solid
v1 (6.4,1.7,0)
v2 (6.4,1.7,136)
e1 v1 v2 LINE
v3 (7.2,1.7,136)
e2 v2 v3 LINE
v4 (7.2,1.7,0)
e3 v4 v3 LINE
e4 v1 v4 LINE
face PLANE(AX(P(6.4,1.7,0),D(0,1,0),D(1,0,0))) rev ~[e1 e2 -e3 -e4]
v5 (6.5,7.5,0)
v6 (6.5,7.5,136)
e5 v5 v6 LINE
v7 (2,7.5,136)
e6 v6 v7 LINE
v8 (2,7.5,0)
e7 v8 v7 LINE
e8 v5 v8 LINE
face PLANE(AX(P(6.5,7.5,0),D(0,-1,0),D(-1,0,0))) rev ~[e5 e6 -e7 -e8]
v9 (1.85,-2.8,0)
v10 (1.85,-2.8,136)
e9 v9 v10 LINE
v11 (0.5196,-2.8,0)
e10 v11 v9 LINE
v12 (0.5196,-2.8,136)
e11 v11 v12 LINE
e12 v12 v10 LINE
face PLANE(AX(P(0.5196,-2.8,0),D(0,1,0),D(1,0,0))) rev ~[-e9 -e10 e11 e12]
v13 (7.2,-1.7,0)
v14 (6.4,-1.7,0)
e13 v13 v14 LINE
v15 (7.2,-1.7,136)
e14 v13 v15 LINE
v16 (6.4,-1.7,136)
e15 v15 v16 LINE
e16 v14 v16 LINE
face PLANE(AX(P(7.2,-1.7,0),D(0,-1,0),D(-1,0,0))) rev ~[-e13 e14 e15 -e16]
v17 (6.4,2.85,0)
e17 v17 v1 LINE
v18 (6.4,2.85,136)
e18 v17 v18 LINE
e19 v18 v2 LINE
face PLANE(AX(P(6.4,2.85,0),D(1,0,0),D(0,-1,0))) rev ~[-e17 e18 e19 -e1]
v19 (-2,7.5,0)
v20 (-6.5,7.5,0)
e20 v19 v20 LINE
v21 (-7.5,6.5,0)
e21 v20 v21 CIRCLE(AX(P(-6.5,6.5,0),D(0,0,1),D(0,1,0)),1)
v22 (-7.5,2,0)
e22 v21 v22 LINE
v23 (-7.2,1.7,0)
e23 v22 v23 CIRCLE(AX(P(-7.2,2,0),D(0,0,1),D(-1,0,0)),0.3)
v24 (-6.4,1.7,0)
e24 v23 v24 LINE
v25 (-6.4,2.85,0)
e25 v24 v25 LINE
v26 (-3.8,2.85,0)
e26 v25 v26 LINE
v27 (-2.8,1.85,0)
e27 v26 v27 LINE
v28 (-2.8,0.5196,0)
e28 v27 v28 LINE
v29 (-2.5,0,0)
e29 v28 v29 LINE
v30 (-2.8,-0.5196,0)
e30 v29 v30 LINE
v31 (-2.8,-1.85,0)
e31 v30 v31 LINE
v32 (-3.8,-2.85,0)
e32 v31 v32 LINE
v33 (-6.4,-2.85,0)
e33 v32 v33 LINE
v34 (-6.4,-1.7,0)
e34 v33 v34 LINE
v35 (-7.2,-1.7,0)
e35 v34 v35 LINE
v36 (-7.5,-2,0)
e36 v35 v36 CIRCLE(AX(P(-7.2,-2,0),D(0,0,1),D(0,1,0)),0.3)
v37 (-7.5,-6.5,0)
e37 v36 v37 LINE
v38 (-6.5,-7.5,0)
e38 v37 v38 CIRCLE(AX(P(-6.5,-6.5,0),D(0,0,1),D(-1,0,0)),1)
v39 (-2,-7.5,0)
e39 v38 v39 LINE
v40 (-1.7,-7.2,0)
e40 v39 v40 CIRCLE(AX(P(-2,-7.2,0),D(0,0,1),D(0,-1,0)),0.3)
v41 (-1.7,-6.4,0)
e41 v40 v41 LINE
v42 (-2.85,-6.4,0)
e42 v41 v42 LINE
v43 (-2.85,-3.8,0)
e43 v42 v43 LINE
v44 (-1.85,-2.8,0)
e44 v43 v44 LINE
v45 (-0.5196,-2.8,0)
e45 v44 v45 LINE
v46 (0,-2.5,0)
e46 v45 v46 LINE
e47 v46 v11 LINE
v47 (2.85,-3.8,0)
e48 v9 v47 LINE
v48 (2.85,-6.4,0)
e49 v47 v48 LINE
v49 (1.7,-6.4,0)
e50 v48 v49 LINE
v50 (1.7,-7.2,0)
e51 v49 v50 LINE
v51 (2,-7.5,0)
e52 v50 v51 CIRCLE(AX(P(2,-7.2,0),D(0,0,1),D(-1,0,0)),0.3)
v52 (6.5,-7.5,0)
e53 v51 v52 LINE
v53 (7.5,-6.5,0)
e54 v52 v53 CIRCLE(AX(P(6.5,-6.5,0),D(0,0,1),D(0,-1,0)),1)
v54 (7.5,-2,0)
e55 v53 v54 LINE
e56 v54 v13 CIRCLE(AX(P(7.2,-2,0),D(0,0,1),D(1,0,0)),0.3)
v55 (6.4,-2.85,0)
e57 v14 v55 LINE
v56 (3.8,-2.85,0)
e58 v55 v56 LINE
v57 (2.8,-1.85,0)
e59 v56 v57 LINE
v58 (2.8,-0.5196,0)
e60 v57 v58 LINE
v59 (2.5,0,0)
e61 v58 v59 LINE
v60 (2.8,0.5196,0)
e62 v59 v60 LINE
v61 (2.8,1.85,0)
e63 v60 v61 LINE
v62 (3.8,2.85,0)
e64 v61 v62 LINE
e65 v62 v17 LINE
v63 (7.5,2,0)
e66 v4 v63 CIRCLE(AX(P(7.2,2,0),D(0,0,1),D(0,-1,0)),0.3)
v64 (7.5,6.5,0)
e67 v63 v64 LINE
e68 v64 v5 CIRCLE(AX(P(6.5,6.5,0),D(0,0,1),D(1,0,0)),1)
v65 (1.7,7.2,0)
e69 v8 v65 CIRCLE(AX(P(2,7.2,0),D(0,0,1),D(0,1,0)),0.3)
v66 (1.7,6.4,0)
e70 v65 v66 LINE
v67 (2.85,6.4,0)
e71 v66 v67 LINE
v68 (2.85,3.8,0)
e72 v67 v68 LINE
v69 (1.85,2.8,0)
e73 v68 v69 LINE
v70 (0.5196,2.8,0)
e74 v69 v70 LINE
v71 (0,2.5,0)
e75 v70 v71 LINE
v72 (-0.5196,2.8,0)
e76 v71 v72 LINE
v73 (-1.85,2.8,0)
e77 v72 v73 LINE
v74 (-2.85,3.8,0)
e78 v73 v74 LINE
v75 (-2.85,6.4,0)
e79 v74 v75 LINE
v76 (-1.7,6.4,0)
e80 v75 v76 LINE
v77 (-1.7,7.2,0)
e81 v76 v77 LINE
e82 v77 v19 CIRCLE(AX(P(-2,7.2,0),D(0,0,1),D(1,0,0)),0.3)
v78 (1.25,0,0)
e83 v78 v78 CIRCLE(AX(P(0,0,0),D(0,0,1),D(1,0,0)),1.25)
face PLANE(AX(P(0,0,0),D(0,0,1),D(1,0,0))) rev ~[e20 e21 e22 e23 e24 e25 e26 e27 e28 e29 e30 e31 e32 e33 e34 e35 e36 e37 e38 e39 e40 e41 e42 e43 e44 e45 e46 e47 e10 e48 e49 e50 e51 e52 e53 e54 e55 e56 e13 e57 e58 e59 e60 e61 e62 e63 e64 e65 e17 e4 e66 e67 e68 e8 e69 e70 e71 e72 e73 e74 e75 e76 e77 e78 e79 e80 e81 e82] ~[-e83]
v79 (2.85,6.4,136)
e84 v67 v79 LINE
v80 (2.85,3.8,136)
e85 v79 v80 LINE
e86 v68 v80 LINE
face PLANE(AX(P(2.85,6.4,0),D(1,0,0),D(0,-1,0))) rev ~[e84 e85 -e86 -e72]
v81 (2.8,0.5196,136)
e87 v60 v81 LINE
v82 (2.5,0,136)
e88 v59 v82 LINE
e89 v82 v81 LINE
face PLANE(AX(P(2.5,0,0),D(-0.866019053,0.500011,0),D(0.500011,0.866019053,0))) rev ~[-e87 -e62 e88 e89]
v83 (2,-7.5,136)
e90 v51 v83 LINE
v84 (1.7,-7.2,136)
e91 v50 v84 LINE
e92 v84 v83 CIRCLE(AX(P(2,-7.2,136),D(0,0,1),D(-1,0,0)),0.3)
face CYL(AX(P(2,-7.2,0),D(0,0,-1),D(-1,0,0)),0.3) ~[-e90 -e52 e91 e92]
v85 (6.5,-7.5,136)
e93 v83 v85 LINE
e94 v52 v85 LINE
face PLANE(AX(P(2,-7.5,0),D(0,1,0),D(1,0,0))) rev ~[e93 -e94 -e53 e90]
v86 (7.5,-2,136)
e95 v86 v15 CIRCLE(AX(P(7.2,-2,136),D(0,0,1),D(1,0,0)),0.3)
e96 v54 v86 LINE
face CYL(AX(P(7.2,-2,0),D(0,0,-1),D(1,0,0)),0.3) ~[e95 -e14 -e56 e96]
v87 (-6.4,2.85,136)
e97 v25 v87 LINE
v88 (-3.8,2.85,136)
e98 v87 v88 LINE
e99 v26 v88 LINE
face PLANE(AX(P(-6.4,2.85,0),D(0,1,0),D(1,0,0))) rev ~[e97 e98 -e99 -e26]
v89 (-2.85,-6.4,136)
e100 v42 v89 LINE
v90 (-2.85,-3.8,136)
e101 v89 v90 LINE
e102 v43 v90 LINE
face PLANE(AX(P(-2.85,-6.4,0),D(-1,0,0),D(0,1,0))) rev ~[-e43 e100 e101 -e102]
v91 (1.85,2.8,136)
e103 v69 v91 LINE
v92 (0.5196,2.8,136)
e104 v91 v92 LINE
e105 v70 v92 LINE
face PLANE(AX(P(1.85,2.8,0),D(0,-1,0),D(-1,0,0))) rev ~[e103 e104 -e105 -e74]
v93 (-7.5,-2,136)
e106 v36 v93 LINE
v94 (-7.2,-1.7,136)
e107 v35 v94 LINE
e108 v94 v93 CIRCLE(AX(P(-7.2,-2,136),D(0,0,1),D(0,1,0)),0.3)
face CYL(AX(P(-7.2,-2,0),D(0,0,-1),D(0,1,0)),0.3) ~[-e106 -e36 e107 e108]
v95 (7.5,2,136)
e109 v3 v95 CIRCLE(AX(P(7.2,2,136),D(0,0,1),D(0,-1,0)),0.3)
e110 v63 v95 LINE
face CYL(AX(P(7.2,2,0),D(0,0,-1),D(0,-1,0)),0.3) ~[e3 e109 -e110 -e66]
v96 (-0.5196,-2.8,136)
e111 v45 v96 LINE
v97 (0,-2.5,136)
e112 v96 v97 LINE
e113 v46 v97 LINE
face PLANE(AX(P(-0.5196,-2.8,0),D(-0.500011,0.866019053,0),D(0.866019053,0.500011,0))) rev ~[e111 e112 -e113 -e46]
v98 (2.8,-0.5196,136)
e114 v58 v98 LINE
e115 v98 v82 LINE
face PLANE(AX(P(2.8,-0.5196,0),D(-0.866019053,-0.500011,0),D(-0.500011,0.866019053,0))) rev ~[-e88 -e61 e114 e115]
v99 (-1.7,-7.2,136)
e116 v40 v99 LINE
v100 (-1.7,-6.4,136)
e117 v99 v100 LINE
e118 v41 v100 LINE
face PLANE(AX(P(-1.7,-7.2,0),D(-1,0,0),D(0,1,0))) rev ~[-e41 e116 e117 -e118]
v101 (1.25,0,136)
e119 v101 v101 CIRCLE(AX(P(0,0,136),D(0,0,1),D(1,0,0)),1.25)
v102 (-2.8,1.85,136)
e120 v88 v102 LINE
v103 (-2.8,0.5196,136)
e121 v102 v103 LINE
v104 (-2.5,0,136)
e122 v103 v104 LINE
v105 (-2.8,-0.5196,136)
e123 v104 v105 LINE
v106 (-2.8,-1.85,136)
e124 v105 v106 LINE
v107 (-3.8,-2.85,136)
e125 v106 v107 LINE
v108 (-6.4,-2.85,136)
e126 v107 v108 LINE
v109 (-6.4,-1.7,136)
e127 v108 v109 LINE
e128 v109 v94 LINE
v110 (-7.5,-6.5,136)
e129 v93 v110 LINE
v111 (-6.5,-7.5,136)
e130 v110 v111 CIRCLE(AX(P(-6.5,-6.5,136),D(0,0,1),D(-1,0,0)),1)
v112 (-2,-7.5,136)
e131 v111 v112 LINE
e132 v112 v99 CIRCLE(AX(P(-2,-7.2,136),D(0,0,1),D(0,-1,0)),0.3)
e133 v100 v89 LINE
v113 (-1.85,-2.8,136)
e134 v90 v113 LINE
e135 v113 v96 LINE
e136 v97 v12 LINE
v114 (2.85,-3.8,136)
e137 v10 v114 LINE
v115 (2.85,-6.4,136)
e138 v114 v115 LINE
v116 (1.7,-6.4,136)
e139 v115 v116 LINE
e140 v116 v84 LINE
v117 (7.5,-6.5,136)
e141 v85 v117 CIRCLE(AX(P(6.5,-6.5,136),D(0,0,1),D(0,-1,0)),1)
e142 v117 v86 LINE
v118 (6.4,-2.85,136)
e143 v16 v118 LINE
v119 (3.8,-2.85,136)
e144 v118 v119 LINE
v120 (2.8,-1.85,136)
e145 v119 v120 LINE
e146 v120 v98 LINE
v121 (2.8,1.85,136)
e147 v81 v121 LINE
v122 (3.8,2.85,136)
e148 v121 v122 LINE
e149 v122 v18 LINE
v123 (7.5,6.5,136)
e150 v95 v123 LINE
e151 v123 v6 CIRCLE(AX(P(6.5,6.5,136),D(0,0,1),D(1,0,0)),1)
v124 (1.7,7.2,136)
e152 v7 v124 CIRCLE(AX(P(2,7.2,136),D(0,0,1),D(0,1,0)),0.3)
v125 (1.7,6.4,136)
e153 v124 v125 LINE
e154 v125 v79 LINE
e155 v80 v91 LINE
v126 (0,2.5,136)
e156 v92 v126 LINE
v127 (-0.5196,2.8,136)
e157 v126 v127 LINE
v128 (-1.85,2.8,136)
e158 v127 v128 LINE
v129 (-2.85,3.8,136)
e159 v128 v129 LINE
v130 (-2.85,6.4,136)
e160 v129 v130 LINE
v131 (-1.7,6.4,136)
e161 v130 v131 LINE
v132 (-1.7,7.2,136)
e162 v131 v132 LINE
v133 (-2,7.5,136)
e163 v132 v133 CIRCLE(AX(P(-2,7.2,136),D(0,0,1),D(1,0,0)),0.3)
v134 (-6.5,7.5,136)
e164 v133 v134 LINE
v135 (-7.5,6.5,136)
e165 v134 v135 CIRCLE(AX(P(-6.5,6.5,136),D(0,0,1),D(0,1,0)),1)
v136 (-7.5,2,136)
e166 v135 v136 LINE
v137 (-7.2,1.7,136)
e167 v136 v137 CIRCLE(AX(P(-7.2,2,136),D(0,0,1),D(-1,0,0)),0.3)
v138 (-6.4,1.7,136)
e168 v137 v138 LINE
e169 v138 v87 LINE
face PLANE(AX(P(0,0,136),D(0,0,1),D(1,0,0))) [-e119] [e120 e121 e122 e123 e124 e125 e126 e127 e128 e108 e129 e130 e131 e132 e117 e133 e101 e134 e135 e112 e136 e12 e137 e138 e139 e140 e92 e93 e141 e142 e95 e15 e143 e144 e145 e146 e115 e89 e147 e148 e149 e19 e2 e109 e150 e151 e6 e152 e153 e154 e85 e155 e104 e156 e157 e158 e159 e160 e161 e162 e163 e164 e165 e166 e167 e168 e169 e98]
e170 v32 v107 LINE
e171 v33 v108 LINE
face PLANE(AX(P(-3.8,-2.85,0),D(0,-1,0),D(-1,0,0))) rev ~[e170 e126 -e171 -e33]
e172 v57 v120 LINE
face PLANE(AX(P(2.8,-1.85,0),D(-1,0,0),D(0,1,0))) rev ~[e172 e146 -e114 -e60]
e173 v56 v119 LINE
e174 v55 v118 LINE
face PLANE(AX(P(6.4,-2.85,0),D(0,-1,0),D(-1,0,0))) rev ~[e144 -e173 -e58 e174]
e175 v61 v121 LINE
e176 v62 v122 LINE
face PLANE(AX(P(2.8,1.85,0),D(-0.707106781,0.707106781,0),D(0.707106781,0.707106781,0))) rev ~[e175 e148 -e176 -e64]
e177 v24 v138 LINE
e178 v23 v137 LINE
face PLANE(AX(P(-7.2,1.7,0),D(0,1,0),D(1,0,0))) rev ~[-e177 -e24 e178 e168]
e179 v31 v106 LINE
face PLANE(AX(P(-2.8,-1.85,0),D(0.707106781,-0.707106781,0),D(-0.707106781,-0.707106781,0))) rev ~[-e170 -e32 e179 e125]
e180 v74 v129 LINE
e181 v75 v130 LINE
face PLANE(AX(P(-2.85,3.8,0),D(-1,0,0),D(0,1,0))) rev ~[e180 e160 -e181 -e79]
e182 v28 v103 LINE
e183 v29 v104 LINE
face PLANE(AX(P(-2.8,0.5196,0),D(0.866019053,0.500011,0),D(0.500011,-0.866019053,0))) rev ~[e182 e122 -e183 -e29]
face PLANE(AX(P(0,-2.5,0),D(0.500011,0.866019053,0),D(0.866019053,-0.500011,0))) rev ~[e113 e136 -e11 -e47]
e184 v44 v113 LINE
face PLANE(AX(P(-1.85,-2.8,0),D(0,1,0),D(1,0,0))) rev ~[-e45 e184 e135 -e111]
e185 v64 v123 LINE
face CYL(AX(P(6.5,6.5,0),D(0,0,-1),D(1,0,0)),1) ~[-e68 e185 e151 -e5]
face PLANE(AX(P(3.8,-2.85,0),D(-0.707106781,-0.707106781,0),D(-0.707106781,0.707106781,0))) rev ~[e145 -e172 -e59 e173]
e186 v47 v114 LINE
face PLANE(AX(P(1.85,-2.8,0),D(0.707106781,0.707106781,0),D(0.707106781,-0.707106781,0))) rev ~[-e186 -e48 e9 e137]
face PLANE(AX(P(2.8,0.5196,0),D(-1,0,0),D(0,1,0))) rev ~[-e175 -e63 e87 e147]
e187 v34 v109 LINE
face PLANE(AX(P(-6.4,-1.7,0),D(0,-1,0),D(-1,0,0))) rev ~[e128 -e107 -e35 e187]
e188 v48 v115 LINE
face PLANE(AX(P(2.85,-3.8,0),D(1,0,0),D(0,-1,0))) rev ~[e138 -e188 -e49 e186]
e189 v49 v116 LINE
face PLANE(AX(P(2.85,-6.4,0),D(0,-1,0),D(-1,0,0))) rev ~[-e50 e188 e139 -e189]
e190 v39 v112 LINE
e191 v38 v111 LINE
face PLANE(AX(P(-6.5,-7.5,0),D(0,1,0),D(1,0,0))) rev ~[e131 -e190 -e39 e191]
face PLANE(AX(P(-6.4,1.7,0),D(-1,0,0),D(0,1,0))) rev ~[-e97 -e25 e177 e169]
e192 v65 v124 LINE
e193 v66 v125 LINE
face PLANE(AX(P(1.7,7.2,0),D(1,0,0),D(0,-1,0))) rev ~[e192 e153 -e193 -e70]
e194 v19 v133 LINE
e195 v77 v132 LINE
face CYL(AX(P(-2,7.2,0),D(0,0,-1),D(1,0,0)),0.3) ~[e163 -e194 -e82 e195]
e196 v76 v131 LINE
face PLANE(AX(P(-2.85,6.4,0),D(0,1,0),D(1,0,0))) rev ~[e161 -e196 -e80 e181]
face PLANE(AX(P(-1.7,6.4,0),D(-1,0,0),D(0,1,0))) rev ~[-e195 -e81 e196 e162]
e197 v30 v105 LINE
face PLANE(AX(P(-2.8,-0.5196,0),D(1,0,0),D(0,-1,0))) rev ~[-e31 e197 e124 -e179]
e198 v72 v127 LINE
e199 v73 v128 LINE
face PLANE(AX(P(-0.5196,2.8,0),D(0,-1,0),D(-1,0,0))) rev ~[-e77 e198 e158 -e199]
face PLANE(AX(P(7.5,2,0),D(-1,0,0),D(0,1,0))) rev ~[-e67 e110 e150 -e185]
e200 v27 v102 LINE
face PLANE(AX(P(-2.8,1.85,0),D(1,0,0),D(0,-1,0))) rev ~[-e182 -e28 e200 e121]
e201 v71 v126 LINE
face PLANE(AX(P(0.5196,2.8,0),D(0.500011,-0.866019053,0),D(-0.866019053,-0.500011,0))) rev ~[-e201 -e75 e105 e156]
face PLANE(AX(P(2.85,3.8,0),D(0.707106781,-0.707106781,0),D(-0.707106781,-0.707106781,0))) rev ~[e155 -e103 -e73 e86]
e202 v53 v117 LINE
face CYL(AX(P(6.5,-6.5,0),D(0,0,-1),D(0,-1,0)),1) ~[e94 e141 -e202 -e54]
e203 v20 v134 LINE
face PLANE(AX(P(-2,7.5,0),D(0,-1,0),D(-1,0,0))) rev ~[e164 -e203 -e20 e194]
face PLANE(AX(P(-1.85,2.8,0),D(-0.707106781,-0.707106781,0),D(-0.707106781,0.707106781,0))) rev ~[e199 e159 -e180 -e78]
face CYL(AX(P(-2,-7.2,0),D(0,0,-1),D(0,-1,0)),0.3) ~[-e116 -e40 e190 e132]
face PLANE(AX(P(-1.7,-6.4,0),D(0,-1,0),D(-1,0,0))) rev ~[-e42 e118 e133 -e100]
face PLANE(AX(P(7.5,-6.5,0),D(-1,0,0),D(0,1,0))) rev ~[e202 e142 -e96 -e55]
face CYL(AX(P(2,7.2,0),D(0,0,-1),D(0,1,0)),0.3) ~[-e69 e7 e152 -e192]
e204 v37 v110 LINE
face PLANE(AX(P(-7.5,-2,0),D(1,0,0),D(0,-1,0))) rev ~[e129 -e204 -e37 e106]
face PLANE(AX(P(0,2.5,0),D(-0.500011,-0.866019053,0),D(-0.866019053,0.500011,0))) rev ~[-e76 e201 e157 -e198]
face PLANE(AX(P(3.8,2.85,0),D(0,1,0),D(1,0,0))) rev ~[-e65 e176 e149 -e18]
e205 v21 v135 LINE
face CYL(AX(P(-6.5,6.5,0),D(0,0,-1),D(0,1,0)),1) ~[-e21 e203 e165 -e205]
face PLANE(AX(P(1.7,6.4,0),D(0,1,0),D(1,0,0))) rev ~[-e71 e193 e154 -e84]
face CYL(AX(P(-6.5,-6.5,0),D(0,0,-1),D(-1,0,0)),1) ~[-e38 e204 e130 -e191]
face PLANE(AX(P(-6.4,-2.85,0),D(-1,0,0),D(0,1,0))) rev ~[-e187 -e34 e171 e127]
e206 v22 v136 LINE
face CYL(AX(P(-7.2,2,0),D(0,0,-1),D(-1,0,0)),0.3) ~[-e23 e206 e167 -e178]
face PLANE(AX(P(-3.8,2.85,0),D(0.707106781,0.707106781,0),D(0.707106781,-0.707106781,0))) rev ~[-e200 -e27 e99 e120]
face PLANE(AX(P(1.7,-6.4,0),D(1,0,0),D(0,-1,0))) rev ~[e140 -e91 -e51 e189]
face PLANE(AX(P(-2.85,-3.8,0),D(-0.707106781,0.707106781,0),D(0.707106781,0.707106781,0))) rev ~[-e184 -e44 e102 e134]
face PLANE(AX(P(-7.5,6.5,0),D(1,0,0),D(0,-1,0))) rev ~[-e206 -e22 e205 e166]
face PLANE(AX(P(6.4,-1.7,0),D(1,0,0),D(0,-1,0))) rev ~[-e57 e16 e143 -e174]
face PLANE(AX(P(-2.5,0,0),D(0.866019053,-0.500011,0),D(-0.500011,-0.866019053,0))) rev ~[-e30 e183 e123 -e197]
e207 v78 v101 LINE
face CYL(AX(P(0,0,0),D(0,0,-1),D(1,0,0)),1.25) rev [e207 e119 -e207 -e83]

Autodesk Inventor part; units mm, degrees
ref_plane "YZ Plane" through (0, 0, 0) normal (1, 0, 0) x (0, 1, 0)
ref_plane "XZ Plane" through (0, 0, 0) normal (0, 1, 0) x (-1, 0, 0)
ref_plane "XY Plane" through (0, 0, 0) normal (0, 0, 1) x (1, 0, 0)
sketch "Sketch_1" plane through (0, 0, 0) normal (0, 0, 1) x (1, 0, 0)
  line L0 (-7.5, 6.5) -> (-7.5, 2)
  arc A0 (-7.5, 2) -> (-7.2, 1.7) centre (-7.2, 2) ccw
  line L1 (-7.2, 1.7) -> (-6.4, 1.7)
  line L2 (-6.4, 1.7) -> (-6.4, 2.85)
  line L3 (-6.4, 2.85) -> (-3.8, 2.85)
  line L4 (-3.8, 2.85) -> (-2.8, 1.85)
  line L5 (-2.8, 1.85) -> (-2.8, 0.5196)
  line L6 (-2.8, 0.5196) -> (-2.5, 0)
  line L7 (-2.5, 0) -> (-2.8, -0.5196)
  line L8 (-2.8, -0.5196) -> (-2.8, -1.85)
  line L9 (-2.8, -1.85) -> (-3.8, -2.85)
  line L10 (-3.8, -2.85) -> (-6.4, -2.85)
  line L11 (-6.4, -2.85) -> (-6.4, -1.7)
  line L12 (-6.4, -1.7) -> (-7.2, -1.7)
  arc A1 (-7.2, -1.7) -> (-7.5, -2) centre (-7.2, -2) ccw
  line L13 (-7.5, -2) -> (-7.5, -6.5)
  arc A2 (-7.5, -6.5) -> (-6.5, -7.5) centre (-6.5, -6.5) ccw
  line L14 (-6.5, -7.5) -> (-2, -7.5)
  arc A3 (-2, -7.5) -> (-1.7, -7.2) centre (-2, -7.2) ccw
  line L15 (-1.7, -7.2) -> (-1.7, -6.4)
  line L16 (-1.7, -6.4) -> (-2.85, -6.4)
  line L17 (-2.85, -6.4) -> (-2.85, -3.8)
  line L18 (-2.85, -3.8) -> (-1.85, -2.8)
  line L19 (-1.85, -2.8) -> (-0.5196, -2.8)
  line L20 (-0.5196, -2.8) -> (0, -2.5)
  line L21 (0, -2.5) -> (0.5196, -2.8)
  line L22 (0.5196, -2.8) -> (1.85, -2.8)
  line L23 (1.85, -2.8) -> (2.85, -3.8)
  line L24 (2.85, -3.8) -> (2.85, -6.4)
  line L25 (2.85, -6.4) -> (1.7, -6.4)
  line L26 (1.7, -6.4) -> (1.7, -7.2)
  arc A4 (1.7, -7.2) -> (2, -7.5) centre (2, -7.2) ccw
  line L27 (2, -7.5) -> (6.5, -7.5)
  arc A5 (6.5, -7.5) -> (7.5, -6.5) centre (6.5, -6.5) ccw
  line L28 (7.5, -6.5) -> (7.5, -2)
  arc A6 (7.5, -2) -> (7.2, -1.7) centre (7.2, -2) ccw
  line L29 (7.2, -1.7) -> (6.4, -1.7)
  line L30 (6.4, -1.7) -> (6.4, -2.85)
  line L31 (6.4, -2.85) -> (3.8, -2.85)
  line L32 (3.8, -2.85) -> (2.8, -1.85)
  line L33 (2.8, -1.85) -> (2.8, -0.5196)
  line L34 (2.8, -0.5196) -> (2.5, 0)
  line L35 (2.5, 0) -> (2.8, 0.5196)
  line L36 (2.8, 0.5196) -> (2.8, 1.85)
  line L37 (2.8, 1.85) -> (3.8, 2.85)
  line L38 (3.8, 2.85) -> (6.4, 2.85)
  line L39 (6.4, 2.85) -> (6.4, 1.7)
  line L40 (6.4, 1.7) -> (7.2, 1.7)
  arc A7 (7.2, 1.7) -> (7.5, 2) centre (7.2, 2) ccw
  line L41 (7.5, 2) -> (7.5, 6.5)
  arc A8 (7.5, 6.5) -> (6.5, 7.5) centre (6.5, 6.5) ccw
  line L42 (6.5, 7.5) -> (2, 7.5)
  arc A9 (2, 7.5) -> (1.7, 7.2) centre (2, 7.2) ccw
  line L43 (1.7, 7.2) -> (1.7, 6.4)
  line L44 (1.7, 6.4) -> (2.85, 6.4)
  line L45 (2.85, 6.4) -> (2.85, 3.8)
  line L46 (2.85, 3.8) -> (1.85, 2.8)
  line L47 (1.85, 2.8) -> (0.5196, 2.8)
  line L48 (0.5196, 2.8) -> (0, 2.5)
  line L49 (0, 2.5) -> (-0.5196, 2.8)
  line L50 (-0.5196, 2.8) -> (-1.85, 2.8)
  line L51 (-1.85, 2.8) -> (-2.85, 3.8)
  line L52 (-2.85, 3.8) -> (-2.85, 6.4)
  line L53 (-2.85, 6.4) -> (-1.7, 6.4)
  line L54 (-1.7, 6.4) -> (-1.7, 7.2)
  arc A10 (-1.7, 7.2) -> (-2, 7.5) centre (-2, 7.2) ccw
  line L55 (-2, 7.5) -> (-6.5, 7.5)
  arc A11 (-6.5, 7.5) -> (-7.5, 6.5) centre (-6.5, 6.5) ccw
  circle A12 centre (0, 0) radius 1.25
extrude "Extrusion1" add sketch "Sketch_1" along normal blind 136
properties part number "HFS3-1515-136"
